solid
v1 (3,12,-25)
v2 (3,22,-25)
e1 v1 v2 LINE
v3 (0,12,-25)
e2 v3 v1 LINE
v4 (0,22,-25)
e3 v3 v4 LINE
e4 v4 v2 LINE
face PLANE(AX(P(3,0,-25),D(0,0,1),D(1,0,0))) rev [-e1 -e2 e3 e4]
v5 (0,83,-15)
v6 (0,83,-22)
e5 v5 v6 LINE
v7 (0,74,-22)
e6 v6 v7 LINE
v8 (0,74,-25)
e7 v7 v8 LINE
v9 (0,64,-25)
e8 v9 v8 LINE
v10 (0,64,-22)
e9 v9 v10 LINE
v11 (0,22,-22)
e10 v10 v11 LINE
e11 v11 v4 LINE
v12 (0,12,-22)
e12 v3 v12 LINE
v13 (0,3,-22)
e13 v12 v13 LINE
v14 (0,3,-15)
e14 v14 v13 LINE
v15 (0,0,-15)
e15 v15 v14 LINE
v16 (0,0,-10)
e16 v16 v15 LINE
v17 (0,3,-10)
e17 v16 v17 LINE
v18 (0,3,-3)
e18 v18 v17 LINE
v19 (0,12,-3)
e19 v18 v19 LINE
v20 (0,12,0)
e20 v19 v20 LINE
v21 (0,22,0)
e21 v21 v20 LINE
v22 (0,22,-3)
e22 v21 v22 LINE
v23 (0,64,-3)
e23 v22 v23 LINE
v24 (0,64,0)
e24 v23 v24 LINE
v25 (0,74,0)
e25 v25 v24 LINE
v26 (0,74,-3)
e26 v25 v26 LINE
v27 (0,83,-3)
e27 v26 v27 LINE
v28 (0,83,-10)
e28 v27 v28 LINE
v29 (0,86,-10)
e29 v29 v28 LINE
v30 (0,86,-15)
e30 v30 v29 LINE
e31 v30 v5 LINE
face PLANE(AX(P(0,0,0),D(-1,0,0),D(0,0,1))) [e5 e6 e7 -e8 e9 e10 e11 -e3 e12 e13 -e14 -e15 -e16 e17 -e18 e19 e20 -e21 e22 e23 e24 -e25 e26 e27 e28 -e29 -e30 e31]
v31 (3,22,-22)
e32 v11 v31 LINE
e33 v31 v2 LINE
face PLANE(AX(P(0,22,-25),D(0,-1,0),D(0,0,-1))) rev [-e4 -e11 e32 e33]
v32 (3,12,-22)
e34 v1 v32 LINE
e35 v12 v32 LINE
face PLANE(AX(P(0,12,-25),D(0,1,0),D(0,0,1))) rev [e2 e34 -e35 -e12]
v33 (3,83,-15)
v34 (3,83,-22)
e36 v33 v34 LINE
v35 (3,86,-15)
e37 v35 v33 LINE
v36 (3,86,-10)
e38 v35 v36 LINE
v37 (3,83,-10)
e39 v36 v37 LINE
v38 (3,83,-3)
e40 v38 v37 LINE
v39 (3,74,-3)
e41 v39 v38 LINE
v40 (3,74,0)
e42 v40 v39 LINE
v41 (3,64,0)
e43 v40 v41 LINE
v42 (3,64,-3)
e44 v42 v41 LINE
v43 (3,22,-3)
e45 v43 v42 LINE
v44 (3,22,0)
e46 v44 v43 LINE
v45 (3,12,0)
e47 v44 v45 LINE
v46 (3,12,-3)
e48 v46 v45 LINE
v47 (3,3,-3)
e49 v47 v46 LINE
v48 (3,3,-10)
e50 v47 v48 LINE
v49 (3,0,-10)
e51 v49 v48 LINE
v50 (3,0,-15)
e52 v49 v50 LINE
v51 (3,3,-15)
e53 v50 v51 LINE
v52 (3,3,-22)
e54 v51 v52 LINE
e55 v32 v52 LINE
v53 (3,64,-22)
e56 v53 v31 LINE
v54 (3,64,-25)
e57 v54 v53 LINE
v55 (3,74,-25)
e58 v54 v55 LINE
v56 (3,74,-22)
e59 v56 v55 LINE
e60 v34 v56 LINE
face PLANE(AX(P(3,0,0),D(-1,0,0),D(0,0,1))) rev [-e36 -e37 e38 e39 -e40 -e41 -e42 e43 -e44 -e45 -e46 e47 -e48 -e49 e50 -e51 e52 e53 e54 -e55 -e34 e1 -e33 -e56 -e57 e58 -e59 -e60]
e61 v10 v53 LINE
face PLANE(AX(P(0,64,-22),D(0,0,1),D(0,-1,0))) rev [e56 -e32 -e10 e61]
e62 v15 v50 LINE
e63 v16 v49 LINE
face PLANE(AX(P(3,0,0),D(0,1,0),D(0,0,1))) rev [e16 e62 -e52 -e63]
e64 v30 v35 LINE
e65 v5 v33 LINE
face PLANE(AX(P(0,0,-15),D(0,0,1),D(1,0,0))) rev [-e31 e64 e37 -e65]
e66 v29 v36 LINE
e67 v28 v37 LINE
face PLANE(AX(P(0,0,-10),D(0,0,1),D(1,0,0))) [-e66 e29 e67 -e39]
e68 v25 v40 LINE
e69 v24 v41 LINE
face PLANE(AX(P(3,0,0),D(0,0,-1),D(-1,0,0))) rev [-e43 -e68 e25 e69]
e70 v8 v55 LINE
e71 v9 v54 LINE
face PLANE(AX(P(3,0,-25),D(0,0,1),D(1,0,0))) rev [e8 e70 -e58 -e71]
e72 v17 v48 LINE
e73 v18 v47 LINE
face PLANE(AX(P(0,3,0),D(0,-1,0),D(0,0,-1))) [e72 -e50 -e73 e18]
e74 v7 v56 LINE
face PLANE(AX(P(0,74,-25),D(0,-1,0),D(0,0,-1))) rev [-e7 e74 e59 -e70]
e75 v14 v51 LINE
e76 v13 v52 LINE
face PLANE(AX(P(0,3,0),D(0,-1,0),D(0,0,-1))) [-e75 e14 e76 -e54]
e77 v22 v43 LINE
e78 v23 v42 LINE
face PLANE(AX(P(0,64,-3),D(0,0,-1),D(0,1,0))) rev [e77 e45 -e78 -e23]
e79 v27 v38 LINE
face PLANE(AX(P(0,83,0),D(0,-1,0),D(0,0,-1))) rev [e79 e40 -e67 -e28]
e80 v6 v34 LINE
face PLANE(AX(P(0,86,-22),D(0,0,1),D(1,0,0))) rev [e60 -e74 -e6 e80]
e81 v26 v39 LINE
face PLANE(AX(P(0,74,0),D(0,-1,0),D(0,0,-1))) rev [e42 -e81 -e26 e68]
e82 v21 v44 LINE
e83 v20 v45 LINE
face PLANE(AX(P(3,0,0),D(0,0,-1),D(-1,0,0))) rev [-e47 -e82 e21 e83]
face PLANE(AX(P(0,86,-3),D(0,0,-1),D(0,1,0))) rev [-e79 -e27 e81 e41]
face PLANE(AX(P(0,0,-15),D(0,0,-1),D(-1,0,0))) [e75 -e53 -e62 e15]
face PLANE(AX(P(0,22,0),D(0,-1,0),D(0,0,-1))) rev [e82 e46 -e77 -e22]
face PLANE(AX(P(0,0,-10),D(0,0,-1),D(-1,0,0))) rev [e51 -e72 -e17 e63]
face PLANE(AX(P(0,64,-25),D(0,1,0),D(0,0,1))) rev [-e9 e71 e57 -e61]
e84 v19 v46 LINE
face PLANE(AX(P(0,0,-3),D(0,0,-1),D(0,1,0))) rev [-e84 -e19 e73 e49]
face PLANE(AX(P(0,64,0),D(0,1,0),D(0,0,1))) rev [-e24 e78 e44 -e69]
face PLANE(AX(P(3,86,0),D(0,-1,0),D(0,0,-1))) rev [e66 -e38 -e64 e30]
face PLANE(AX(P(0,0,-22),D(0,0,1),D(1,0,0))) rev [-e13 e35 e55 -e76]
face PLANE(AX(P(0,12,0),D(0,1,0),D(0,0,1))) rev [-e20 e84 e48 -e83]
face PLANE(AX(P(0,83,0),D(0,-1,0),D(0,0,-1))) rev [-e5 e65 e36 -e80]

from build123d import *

# Parameters (mm, degrees)
SKETCH_1_W          = 25
SKETCH_1_H          = 86
EXTRUDE_2_DEPTH     = 3
SKETCH_4_W          = 3
SKETCH_4_H          = 12
SKETCH_4_H_2        = 42
CUT_EXTRUDE_1_DEPTH = 4
SKETCH_5_W          = 7
SKETCH_5_H          = 3
CUT_EXTRUDE_2_DEPTH = 4


with BuildPart() as part:
    # 스케치1 → 보스-돌출2 (new body)
    with BuildSketch(Plane(origin=(0, 0, 0), x_dir=(0, 0, -1), z_dir=(1, 0, 0))):
        with Locations((12.5, 43)):
            Rectangle(SKETCH_1_W, SKETCH_1_H)
    extrude(amount=EXTRUDE_2_DEPTH)

    # 스케치4 → 컷-돌출1 (cut, through all)
    with BuildSketch(Plane(origin=(3, 0, 0), x_dir=(0, 0, -1), z_dir=(1, 0, 0))):
        with Locations((1.5, 80)):
            Rectangle(SKETCH_4_W, SKETCH_4_H)
        with Locations((23.5, 80)):
            Rectangle(SKETCH_4_W, SKETCH_4_H)
        with Locations((23.5, 6)):
            Rectangle(SKETCH_4_W, SKETCH_4_H)
        with Locations((1.5, 6)):
            Rectangle(SKETCH_4_W, SKETCH_4_H)
        with Locations((1.5, 43)):
            Rectangle(SKETCH_4_W, SKETCH_4_H_2)
        with Locations((23.5, 43)):
            Rectangle(SKETCH_4_W, SKETCH_4_H_2)
    extrude(amount=-CUT_EXTRUDE_1_DEPTH, mode=Mode.SUBTRACT)

    # 스케치5 → 컷-돌출2 (cut, through all)
    with BuildSketch(Plane(origin=(3, 0, 0), x_dir=(0, 0, -1), z_dir=(1, 0, 0))):
        with Locations((6.5, 84.5)):
            Rectangle(SKETCH_5_W, SKETCH_5_H)
        with Locations((18.5, 84.5)):
            Rectangle(SKETCH_5_W, SKETCH_5_H)
        with Locations((6.5, 1.5)):
            Rectangle(SKETCH_5_W, SKETCH_5_H)
        with Locations((18.5, 1.5)):
            Rectangle(SKETCH_5_W, SKETCH_5_H)
    extrude(amount=-CUT_EXTRUDE_2_DEPTH, mode=Mode.SUBTRACT)


solid = part.part
